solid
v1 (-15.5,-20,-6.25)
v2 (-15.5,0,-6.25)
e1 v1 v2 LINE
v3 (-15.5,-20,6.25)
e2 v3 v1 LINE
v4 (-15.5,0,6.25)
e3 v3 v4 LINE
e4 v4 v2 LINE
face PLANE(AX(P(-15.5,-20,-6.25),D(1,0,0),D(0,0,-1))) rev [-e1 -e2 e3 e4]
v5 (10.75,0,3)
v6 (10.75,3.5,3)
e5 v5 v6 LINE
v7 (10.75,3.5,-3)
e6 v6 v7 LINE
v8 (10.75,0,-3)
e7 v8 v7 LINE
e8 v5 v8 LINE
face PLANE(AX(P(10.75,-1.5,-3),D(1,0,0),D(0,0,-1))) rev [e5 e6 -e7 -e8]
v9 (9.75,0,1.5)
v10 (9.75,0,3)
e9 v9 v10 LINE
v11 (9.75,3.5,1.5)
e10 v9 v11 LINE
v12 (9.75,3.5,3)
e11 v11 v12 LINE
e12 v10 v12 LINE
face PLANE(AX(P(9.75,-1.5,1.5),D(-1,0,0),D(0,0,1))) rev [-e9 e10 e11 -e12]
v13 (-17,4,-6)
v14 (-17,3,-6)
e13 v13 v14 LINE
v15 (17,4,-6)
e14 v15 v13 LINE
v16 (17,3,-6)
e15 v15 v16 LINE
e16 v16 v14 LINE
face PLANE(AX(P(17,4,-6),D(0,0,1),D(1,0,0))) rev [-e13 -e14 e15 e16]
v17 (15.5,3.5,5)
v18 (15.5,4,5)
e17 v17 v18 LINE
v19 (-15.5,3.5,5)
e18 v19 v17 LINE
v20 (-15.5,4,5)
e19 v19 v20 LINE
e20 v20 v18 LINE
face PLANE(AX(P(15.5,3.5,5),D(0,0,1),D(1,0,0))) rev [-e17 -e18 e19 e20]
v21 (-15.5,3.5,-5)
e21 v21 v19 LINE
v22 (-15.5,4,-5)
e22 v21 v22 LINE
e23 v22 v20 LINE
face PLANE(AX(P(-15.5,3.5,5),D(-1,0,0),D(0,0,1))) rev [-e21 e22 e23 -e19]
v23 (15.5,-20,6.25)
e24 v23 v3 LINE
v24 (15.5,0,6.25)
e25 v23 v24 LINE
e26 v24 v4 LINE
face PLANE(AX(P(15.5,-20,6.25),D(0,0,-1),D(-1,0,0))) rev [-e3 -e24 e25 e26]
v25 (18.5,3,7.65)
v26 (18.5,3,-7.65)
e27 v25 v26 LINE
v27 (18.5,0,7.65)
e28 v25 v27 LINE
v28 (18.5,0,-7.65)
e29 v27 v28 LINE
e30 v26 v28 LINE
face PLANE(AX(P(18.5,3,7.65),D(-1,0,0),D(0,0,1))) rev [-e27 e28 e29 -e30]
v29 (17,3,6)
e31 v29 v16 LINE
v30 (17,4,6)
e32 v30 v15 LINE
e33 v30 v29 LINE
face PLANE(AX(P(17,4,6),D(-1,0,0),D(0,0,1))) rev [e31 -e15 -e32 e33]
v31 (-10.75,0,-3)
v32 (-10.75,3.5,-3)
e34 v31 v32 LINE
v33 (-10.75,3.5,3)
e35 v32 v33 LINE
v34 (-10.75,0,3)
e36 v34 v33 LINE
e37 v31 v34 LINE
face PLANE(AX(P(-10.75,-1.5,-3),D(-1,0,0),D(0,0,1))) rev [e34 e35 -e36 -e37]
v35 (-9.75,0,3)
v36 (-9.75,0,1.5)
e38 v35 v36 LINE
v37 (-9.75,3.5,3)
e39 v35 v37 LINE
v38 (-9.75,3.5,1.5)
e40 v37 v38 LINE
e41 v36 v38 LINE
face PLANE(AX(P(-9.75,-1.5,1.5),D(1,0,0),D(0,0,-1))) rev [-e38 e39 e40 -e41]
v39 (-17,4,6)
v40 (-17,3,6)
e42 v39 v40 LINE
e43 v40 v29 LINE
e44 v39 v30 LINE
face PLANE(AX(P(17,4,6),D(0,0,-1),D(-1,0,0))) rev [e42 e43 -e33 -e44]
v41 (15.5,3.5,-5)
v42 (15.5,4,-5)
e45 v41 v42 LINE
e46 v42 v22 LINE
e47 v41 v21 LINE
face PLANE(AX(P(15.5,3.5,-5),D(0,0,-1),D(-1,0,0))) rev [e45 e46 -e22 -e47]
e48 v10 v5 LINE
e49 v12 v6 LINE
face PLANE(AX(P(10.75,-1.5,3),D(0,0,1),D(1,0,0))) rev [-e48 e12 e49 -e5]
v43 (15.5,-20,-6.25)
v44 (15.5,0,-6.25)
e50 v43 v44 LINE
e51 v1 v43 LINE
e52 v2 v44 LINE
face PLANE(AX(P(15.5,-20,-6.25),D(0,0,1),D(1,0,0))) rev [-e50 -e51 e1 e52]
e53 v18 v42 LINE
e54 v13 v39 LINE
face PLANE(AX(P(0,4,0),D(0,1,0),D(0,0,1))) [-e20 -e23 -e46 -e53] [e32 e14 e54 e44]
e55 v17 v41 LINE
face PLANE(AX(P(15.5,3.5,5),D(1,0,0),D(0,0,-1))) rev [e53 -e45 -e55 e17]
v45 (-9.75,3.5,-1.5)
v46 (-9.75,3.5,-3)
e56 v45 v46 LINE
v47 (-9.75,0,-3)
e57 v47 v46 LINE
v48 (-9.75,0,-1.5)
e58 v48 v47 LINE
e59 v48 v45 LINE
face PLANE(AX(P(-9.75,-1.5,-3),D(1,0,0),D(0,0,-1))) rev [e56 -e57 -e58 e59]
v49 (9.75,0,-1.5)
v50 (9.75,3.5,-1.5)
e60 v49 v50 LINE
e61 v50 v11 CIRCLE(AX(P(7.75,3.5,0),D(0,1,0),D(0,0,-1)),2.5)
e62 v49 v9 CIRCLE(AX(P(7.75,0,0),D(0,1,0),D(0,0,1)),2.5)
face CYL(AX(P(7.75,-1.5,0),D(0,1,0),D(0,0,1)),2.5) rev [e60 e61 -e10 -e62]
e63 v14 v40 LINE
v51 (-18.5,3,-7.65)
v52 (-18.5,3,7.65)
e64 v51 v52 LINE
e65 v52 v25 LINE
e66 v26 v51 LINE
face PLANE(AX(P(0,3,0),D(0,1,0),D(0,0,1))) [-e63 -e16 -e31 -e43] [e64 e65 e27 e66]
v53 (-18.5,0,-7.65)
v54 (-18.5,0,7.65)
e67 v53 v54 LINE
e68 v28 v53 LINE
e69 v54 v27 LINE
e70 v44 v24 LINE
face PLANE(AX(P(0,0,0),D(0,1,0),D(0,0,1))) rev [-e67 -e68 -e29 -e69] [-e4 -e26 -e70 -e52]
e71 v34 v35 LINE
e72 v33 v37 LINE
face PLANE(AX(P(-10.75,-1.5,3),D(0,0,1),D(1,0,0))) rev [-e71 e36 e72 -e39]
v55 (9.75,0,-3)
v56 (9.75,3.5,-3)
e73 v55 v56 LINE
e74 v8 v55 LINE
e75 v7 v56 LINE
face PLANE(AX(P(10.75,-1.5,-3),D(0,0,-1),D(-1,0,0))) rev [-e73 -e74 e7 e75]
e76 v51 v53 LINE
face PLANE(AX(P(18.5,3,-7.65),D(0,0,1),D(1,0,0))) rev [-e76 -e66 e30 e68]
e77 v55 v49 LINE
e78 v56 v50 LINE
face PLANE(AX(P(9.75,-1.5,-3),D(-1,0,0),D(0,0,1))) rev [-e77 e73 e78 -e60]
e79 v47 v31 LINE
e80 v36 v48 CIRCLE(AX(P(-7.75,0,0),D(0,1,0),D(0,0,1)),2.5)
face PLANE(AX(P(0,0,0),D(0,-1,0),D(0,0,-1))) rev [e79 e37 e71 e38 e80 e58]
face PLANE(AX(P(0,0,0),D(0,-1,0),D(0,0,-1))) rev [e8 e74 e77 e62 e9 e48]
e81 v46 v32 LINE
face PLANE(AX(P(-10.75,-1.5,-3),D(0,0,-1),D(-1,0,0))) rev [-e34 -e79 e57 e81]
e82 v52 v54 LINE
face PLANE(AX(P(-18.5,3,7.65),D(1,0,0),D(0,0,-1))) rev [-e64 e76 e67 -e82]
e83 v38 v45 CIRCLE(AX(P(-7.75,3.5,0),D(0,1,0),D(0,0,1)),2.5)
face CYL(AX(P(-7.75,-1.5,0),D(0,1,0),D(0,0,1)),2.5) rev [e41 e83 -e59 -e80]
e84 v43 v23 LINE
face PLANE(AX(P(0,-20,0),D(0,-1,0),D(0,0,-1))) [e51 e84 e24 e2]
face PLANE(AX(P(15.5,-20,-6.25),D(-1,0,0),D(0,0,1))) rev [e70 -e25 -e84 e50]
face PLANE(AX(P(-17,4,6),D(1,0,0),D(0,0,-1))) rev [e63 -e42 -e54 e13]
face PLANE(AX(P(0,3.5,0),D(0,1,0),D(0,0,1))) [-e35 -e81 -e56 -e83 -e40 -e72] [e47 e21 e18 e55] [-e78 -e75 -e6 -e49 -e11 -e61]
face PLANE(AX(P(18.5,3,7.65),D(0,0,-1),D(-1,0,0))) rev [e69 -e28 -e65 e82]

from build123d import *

# Parameters (mm, degrees)
SKETCH1_W           = 37
SKETCH1_H           = 15.3
BOSS_EXTRUDE1_DEPTH = 3
SKETCH2_W           = 34
SKETCH2_H           = 12
BOSS_EXTRUDE2_DEPTH = 1
SKETCH3_W           = 31
SKETCH3_H           = 10
CUT_EXTRUDE1_DEPTH  = 0.5
CUT_EXTRUDE2_DEPTH  = 5
SKETCH5_W           = 31
SKETCH5_H           = 12.5
BOSS_EXTRUDE3_DEPTH = 20


with BuildPart() as part:
    # Sketch1 → Boss-Extrude1 (new body)
    with BuildSketch(Plane(origin=(0, 0, 0), x_dir=(1, 0, 0), z_dir=(0, 1, 0))):
        Rectangle(SKETCH1_W, SKETCH1_H)
    extrude(amount=BOSS_EXTRUDE1_DEPTH)

    # Sketch2 → Boss-Extrude2 (add)
    with BuildSketch(Plane(origin=(0, 3, 0), x_dir=(1, 0, 0), z_dir=(0, 1, 0))):
        Rectangle(SKETCH2_W, SKETCH2_H)
    extrude(amount=BOSS_EXTRUDE2_DEPTH)

    # Sketch3 → Cut-Extrude1 (cut)
    with BuildSketch(Plane(origin=(0, 4, 0), x_dir=(1, 0, 0), z_dir=(0, 1, 0))):
        Rectangle(SKETCH3_W, SKETCH3_H)
    extrude(amount=-CUT_EXTRUDE1_DEPTH, mode=Mode.SUBTRACT)

    # Sketch4 → Cut-Extrude2 (cut)
    with BuildSketch(Plane(origin=(0, 3.5, 0), x_dir=(1, 0, 0), z_dir=(0, 1, 0))):
        with BuildLine():
            Line((-10.75, 3), (-9.75, 3))
            Line((-9.75, 3), (-9.75, 1.5))
            ThreePointArc((-9.75, 1.5), (-5.25, 0), (-9.75, -1.5))
            Line((-9.75, -1.5), (-9.75, -3))
            Line((-9.75, -3), (-10.75, -3))
            Line((-10.75, -3), (-10.75, 3))
        make_face()
        with BuildLine():
            Line((9.75, -1.5), (9.75, -3))
            Line((9.75, -3), (10.75, -3))
            Line((10.75, -3), (10.75, 3))
            Line((10.75, 3), (9.75, 3))
            Line((9.75, 3), (9.75, 1.5))
            ThreePointArc((9.75, 1.5), (5.25, 0), (9.75, -1.5))
        make_face()
    extrude(amount=-CUT_EXTRUDE2_DEPTH, mode=Mode.SUBTRACT)

    # Sketch5 → Boss-Extrude3 (add)
    with BuildSketch(Plane.XZ):
        Rectangle(SKETCH5_W, SKETCH5_H)
    extrude(amount=BOSS_EXTRUDE3_DEPTH)


solid = part.part
